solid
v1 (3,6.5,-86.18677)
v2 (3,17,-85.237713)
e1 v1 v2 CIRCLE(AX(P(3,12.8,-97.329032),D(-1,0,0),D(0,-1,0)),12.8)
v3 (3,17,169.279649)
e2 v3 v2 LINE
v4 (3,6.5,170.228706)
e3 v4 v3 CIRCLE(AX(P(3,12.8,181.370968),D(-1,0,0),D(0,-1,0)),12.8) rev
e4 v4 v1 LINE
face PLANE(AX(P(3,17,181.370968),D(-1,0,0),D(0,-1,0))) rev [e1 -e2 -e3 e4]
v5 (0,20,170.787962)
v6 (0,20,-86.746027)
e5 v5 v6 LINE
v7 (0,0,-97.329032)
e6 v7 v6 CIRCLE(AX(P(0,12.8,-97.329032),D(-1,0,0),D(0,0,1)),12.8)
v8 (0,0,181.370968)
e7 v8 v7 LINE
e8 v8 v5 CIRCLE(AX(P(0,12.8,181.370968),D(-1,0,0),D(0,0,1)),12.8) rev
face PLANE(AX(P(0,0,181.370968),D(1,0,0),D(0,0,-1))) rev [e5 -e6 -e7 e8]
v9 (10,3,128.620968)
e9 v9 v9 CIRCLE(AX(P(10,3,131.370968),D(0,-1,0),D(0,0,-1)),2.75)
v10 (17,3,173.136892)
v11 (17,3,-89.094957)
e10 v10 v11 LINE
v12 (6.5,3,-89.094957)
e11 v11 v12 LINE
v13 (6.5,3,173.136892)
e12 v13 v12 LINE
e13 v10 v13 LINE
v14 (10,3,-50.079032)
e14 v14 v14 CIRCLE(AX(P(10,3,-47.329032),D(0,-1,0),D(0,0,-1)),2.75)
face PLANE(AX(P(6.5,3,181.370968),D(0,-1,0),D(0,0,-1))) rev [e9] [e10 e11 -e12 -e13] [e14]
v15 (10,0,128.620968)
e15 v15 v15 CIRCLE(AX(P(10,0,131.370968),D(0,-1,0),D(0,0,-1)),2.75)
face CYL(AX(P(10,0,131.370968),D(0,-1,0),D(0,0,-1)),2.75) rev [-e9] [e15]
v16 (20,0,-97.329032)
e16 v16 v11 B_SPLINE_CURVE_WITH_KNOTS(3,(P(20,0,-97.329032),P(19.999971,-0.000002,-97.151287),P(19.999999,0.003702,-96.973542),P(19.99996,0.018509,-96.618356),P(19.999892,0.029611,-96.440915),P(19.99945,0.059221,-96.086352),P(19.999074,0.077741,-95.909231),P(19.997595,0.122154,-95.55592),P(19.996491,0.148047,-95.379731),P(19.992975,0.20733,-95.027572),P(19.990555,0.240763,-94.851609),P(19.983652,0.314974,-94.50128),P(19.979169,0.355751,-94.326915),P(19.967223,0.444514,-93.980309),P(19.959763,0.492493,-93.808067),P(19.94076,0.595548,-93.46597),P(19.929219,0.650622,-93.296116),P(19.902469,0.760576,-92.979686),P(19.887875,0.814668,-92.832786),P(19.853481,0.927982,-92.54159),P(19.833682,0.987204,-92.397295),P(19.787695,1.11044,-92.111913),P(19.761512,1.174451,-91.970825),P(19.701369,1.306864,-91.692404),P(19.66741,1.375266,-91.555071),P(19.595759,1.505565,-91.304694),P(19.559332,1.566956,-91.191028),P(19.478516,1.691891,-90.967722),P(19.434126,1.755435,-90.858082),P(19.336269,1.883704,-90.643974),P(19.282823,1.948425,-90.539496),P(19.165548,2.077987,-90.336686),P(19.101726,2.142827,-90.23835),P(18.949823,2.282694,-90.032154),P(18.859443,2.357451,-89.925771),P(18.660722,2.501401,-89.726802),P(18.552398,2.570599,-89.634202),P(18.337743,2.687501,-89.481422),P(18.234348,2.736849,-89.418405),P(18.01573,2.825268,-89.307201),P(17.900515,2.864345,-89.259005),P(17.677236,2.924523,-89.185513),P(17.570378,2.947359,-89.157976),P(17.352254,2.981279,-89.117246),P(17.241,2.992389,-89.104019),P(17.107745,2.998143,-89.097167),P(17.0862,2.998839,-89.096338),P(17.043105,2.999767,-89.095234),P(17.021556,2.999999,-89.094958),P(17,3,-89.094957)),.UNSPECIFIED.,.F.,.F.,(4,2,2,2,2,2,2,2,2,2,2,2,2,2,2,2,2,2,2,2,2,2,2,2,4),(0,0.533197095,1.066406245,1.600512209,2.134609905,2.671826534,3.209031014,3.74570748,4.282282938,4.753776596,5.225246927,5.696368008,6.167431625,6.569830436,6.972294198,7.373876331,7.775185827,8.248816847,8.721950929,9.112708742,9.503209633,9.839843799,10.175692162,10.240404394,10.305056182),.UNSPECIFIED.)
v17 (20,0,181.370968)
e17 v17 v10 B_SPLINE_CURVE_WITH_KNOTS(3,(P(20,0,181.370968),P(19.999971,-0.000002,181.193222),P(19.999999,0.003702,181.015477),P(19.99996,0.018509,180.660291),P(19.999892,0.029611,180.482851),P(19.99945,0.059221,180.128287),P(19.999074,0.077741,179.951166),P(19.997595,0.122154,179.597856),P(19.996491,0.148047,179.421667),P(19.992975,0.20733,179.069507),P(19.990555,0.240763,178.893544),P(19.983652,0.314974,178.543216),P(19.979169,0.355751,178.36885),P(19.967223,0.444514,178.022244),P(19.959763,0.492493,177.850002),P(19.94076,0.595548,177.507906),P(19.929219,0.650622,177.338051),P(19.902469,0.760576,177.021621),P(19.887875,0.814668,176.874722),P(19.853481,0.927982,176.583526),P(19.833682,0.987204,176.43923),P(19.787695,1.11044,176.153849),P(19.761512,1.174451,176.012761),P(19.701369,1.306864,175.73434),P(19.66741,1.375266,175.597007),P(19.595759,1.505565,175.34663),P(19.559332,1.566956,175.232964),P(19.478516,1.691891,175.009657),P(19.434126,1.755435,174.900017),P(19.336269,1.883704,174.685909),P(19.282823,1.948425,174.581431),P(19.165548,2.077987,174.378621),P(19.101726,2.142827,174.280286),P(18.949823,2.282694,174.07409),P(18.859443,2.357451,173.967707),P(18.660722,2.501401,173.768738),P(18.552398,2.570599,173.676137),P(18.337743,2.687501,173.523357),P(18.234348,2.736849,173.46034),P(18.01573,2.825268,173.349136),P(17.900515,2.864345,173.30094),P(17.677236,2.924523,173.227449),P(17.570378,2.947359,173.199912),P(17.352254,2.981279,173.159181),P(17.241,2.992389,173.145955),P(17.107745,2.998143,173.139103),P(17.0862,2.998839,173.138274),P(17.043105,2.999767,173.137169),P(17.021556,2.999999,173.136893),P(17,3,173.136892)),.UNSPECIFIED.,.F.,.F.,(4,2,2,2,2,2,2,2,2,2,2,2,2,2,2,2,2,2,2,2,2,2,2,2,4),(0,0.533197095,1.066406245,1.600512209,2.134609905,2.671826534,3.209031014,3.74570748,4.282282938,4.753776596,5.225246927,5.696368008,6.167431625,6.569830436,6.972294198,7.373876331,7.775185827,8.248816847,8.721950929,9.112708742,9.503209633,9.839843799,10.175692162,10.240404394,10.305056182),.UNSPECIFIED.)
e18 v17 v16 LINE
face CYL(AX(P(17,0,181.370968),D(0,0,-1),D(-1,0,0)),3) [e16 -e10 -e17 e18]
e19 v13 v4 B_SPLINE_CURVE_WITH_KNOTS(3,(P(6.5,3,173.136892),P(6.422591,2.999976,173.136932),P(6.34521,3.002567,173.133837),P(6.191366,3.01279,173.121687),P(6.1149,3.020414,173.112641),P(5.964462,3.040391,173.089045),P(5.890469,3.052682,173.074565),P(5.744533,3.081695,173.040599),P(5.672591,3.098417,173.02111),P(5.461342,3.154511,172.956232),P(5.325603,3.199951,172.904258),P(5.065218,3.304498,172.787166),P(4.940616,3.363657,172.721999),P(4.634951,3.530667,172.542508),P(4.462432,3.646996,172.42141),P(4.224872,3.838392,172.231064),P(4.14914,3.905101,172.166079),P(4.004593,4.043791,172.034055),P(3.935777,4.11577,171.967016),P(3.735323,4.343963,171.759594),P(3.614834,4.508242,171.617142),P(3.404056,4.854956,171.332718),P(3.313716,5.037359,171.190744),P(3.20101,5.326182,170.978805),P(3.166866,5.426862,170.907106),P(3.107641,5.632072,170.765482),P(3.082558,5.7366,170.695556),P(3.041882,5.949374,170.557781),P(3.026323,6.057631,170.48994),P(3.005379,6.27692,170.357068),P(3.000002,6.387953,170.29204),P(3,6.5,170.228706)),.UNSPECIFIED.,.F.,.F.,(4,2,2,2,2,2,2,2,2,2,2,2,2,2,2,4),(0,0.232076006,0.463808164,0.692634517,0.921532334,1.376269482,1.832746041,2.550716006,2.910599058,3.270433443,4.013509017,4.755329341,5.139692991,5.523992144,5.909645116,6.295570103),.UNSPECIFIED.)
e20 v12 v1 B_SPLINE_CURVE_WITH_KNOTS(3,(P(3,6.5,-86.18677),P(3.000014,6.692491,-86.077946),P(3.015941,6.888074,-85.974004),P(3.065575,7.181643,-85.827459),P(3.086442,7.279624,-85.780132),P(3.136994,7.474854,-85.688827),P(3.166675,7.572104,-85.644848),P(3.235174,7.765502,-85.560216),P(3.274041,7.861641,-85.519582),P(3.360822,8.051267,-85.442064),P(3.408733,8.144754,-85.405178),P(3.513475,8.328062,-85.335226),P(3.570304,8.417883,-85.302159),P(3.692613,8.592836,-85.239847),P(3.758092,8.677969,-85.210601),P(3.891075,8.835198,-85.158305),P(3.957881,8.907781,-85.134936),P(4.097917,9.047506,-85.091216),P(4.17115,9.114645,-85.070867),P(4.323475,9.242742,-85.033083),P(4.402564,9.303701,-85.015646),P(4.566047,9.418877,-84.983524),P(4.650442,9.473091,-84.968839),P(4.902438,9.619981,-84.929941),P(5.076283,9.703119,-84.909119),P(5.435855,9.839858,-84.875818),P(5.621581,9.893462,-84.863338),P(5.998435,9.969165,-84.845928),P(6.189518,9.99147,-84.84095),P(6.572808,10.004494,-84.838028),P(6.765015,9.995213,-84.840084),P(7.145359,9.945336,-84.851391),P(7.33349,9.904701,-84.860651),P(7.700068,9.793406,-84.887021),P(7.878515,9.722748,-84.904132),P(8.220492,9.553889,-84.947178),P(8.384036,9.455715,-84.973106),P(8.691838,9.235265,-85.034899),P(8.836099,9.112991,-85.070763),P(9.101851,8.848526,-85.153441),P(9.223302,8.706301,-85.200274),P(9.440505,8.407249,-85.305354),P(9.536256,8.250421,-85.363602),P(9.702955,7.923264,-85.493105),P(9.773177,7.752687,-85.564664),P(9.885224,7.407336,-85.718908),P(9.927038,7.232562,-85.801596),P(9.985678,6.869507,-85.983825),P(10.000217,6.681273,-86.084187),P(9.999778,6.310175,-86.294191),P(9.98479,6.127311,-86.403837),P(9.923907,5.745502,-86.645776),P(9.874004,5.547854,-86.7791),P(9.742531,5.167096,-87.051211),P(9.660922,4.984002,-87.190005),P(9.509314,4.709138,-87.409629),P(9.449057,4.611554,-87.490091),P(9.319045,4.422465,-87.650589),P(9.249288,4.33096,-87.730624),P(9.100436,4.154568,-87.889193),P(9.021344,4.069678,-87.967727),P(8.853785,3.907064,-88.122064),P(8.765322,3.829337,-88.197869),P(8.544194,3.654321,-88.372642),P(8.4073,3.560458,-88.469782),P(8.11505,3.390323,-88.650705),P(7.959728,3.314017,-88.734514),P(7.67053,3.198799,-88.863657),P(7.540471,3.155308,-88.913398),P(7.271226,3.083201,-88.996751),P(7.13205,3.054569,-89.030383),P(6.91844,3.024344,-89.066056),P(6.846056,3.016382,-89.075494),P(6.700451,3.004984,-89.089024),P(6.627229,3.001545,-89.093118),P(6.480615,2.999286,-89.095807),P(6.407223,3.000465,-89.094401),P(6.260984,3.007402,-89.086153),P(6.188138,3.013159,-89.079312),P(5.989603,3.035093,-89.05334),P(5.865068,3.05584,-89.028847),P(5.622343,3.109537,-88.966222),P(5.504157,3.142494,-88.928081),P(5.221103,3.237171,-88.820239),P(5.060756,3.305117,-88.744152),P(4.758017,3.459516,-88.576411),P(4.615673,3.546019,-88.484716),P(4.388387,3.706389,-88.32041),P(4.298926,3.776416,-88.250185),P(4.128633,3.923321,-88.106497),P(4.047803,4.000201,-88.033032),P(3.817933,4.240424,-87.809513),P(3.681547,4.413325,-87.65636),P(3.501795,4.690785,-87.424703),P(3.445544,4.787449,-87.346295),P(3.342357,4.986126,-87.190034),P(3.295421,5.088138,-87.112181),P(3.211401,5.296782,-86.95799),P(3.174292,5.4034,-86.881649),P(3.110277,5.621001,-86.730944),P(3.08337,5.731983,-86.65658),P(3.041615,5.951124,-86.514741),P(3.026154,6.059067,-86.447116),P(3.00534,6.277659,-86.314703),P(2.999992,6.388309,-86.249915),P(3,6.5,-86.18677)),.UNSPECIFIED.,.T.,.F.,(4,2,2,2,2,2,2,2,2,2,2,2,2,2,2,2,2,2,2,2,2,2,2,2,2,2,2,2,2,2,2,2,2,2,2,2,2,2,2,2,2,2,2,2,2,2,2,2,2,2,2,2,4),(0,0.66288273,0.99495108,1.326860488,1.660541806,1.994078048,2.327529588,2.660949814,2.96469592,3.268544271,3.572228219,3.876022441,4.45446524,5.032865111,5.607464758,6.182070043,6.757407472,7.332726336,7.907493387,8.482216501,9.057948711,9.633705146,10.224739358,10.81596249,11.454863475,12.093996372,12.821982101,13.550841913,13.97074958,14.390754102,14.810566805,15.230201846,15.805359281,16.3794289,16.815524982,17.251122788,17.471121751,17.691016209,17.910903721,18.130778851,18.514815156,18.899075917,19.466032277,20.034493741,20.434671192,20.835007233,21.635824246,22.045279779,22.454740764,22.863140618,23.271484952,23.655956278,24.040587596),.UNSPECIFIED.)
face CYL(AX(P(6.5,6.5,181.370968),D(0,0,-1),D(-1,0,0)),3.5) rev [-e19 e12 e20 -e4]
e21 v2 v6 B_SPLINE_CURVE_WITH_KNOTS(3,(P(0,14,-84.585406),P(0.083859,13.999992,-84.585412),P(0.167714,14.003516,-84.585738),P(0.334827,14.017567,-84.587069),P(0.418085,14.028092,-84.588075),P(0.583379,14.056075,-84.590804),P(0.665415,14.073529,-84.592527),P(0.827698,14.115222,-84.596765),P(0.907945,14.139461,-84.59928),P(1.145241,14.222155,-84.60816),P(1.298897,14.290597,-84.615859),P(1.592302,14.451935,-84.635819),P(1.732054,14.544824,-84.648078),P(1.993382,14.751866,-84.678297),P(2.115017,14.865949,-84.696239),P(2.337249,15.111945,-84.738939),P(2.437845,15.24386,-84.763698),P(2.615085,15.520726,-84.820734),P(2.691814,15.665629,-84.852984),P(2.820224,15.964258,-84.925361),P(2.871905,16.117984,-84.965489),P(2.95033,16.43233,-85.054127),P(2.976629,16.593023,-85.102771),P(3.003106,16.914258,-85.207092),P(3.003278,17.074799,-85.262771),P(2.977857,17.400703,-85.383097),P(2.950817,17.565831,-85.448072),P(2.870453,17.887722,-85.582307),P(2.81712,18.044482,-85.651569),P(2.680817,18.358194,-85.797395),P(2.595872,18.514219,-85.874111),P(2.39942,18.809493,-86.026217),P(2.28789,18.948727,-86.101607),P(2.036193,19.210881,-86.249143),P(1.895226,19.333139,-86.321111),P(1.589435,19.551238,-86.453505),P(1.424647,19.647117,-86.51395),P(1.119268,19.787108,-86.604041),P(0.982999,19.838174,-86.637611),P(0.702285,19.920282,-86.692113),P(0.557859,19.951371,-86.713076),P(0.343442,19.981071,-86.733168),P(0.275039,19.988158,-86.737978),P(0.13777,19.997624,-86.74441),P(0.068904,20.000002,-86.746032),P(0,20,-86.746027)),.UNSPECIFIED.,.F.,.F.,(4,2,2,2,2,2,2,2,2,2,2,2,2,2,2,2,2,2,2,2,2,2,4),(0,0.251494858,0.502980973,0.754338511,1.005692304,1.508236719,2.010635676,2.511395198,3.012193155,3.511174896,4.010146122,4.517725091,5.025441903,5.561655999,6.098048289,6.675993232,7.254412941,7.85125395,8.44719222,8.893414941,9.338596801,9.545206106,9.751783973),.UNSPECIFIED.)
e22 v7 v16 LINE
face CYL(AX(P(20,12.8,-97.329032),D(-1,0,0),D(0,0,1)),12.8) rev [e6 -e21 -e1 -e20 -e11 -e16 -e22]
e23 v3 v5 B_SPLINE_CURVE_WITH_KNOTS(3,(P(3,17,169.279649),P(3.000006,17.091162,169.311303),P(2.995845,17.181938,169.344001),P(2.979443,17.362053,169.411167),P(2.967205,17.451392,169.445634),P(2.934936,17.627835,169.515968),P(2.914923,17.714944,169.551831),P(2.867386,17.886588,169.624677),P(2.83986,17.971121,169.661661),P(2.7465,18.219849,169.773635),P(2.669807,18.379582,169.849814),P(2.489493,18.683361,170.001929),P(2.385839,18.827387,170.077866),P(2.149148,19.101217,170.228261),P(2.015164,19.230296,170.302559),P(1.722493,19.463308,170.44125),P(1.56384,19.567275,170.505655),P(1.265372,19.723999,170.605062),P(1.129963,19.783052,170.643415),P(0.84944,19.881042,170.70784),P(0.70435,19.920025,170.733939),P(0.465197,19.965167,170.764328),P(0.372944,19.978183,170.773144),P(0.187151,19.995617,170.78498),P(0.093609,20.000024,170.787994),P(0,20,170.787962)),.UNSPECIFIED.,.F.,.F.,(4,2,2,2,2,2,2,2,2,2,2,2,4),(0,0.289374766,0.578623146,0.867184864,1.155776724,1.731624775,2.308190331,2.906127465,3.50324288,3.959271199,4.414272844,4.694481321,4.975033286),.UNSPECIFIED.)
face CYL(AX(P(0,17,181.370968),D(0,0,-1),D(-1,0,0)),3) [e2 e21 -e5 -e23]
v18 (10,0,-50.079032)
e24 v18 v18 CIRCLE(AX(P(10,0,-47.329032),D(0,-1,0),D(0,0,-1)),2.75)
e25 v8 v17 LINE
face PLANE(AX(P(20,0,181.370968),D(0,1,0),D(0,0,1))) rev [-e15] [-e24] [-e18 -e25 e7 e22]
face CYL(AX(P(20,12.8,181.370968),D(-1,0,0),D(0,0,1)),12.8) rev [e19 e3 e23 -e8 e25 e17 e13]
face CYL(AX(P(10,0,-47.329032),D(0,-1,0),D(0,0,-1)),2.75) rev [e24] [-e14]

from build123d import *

# Parameters (mm, degrees)
MIEMBRO_ESTRUCTURAL1_DEPTH   = 278.7
CORTAR_EXTRUIR2_DEPTH        = 184.563144285
TALADRO_DE_MARGEN_PARA_M51_D = 5.5


with BuildPart() as part:
    # Sketch1 → Miembro estructural1 (new body)
    with BuildSketch(Plane.XY.offset(-97.329032258)):
        with BuildLine():
            Line((0, 0), (0, 20))
            ThreePointArc((0, 20), (2.121320344, 19.121320344), (3, 17))
            Line((3, 17), (3, 6.5))
            ThreePointArc((3, 6.5), (4.025126266, 4.025126266), (6.5, 3))
            Line((6.5, 3), (17, 3))
            ThreePointArc((17, 3), (19.121320344, 2.121320344), (20, 0))
            Line((20, 0), (0, 0))
        make_face()
    extrude(amount=MIEMBRO_ESTRUCTURAL1_DEPTH)

    # Croquis2 → Cortar-Extruir2 (cut, through all)
    with BuildSketch(Plane.YZ):
        with BuildLine():
            Line((0, -97.329032258), (0, -196.975216041))
            Line((0, -196.975216041), (22.851984592, -196.975216041))
            Line((22.851984592, -196.975216041), (22.851984592, -180.447153459))
            Line((22.851984592, -180.447153459), (12.695152183, -110.128602834))
            ThreePointArc((12.695152183, -110.128602834), (21.887960499, -88.315210983), (0, -97.329032258))
        make_face()
        with BuildLine():
            Line((22.851984592, 264.489088943), (12.695152183, 194.170538318))
            ThreePointArc((12.695152183, 194.170538318), (21.887960499, 172.357146467), (0, 181.370967742))
            Line((0, 181.370967742), (0, 281.017151525))
            Line((0, 281.017151525), (22.851984592, 281.017151525))
            Line((22.851984592, 281.017151525), (22.851984592, 264.489088943))
        make_face()
    extrude(amount=CORTAR_EXTRUIR2_DEPTH, mode=Mode.SUBTRACT)

    # Taladro de margen para M51 (through all)
    with Locations(Plane(origin=(0, 0, 0), x_dir=(-1, 0, 0), z_dir=(0, -1, 0))):
        with Locations((-10, -131.370967742), (-10, 47.329032258)):
            Hole(TALADRO_DE_MARGEN_PARA_M51_D / 2)


solid = part.part
